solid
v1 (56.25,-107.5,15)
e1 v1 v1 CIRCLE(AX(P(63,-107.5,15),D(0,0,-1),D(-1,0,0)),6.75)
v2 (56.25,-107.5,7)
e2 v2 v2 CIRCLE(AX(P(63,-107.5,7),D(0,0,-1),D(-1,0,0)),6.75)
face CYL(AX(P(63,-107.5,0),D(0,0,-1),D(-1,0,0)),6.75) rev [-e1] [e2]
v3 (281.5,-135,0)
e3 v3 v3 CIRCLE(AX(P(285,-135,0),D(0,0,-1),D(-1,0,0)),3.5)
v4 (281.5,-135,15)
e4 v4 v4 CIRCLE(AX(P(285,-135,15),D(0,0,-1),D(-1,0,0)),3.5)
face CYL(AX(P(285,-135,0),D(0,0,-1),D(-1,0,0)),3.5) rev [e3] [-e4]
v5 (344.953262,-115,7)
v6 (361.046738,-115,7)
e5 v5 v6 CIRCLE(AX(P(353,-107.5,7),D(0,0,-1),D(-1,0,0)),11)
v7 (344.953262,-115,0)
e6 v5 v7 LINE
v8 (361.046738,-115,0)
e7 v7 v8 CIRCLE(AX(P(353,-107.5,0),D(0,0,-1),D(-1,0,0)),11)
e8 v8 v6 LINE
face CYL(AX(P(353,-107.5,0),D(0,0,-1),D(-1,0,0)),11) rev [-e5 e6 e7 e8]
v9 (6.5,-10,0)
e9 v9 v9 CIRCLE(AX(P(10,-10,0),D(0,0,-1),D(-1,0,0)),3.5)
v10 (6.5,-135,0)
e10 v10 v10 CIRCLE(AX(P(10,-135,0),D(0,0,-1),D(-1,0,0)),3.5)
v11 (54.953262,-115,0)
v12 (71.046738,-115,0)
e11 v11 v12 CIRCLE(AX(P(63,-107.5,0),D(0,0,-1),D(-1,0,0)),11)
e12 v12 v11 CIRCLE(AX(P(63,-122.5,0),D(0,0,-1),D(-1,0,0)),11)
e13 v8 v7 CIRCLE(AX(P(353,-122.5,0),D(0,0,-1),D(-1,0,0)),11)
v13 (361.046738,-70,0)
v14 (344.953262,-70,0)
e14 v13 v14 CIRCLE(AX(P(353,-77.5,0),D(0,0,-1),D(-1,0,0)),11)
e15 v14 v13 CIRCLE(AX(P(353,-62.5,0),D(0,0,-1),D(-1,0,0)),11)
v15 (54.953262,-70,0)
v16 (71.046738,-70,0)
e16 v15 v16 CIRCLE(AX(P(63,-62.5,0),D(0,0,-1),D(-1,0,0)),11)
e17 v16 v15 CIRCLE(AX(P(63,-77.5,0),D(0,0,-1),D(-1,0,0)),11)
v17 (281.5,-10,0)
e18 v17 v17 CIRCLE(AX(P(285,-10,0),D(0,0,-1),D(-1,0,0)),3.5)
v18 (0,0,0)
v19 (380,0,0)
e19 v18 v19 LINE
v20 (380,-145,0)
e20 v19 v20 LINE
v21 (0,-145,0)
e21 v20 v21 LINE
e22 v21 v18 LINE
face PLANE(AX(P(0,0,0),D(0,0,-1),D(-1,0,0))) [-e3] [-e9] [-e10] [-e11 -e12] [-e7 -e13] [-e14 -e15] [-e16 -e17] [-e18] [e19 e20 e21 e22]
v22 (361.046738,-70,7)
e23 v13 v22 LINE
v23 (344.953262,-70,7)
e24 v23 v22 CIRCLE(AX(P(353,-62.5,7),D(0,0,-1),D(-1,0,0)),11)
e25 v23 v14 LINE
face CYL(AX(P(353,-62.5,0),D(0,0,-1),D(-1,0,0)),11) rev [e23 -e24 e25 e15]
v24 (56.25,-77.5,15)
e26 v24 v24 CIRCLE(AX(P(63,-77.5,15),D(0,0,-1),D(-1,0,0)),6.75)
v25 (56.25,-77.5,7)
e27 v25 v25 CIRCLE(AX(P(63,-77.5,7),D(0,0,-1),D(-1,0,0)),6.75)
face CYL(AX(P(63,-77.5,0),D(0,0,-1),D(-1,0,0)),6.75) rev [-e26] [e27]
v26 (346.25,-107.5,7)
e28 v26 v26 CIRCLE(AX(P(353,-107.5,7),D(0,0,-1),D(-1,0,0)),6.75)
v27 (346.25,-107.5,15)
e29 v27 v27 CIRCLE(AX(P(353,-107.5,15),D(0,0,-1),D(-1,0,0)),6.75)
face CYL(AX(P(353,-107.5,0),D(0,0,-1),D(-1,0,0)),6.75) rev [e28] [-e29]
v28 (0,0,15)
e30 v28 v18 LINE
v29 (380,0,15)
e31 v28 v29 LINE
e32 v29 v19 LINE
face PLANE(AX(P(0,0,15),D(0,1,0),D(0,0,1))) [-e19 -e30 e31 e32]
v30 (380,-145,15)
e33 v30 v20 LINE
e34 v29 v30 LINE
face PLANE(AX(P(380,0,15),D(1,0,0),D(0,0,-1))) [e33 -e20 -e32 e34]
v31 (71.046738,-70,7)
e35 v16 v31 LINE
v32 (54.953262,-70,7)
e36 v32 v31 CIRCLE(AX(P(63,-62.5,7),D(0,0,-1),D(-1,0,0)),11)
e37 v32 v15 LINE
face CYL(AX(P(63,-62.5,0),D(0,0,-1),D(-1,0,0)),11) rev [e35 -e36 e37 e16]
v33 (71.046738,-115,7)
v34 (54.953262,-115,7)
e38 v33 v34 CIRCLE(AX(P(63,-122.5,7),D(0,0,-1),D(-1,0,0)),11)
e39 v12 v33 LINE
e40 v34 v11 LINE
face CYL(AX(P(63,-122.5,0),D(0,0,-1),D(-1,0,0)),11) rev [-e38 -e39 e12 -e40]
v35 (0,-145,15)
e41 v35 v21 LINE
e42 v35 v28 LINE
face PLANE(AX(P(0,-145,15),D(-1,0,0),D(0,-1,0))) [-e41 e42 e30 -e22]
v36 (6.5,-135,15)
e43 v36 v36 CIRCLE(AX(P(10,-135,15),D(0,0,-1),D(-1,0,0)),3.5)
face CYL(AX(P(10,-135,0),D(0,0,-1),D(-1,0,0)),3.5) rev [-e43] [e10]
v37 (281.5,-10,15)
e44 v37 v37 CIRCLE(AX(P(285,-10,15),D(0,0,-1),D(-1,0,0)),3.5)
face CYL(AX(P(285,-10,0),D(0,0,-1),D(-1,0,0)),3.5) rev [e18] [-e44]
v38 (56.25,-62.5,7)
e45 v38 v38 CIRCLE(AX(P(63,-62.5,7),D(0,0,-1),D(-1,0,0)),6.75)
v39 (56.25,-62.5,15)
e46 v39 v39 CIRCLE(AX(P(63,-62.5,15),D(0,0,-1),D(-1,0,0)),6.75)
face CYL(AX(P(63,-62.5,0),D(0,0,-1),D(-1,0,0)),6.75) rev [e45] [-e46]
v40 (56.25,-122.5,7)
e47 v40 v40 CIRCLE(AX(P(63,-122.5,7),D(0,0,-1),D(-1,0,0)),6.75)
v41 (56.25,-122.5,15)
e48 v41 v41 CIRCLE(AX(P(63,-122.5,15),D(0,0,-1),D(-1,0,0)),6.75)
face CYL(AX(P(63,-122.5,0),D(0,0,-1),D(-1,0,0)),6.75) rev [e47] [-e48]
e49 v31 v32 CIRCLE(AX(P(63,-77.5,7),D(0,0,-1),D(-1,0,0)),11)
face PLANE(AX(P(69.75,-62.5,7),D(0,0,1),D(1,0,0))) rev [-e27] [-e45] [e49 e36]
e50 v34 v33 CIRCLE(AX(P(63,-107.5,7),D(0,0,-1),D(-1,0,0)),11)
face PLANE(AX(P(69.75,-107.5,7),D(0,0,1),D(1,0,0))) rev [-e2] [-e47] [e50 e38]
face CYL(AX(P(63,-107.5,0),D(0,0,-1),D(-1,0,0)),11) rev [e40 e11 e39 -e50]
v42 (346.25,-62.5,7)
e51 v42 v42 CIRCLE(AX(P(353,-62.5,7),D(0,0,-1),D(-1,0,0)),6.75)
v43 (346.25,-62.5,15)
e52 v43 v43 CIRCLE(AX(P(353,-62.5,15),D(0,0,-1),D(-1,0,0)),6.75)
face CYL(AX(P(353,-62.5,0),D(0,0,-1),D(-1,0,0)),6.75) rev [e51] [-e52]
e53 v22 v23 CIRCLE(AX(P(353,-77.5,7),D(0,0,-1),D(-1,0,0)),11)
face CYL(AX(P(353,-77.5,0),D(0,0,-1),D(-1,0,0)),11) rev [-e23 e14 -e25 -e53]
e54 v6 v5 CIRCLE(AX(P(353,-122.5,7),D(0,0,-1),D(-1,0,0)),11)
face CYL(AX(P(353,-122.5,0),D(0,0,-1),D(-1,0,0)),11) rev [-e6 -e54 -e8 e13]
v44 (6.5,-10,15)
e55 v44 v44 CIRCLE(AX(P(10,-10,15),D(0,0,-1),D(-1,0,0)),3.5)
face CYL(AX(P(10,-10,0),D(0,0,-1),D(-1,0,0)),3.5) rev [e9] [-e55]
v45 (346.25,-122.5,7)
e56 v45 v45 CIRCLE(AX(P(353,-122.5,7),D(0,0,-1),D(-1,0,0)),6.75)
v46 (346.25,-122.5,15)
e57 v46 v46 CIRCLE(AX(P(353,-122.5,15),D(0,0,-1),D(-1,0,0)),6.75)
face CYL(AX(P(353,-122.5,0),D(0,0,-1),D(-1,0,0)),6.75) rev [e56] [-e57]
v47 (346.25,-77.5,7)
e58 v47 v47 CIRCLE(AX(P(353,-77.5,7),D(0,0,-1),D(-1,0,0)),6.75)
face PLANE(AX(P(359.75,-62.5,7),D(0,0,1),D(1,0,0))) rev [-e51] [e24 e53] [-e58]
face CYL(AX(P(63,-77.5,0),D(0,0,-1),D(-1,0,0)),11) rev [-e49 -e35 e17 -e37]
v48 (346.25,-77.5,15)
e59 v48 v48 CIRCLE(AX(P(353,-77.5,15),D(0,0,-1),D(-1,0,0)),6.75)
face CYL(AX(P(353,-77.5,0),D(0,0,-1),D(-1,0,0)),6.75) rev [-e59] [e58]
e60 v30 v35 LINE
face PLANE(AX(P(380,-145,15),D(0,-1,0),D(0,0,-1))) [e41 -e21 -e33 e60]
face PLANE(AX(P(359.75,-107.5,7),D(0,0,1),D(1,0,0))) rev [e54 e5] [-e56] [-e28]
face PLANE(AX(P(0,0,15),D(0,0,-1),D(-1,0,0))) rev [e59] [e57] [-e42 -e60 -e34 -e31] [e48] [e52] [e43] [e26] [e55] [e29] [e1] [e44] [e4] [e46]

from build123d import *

# Parameters (mm, degrees)
SKIZZE1_W                                            = 380
SKIZZE1_H                                            = 145
AUFSATZ_LINEAR_AUSTRAGEN1_DEPTH                      = 15
F_7_0_7_DURCHMESSER_BOHRUNG1_D                       = 7
STIRNSENKUNG_F_R_M12_SECHSKANTSCHRAUBE_M_D           = 13.5
STIRNSENKUNG_F_R_M12_SECHSKANTSCHRAUBE_M_CBORE_D     = 22
STIRNSENKUNG_F_R_M12_SECHSKANTSCHRAUBE_M_CBORE_DEPTH = 7
LINEARES_MUSTER1_COUNT                               = 2
LINEARES_MUSTER1_PITCH                               = 15


with BuildPart() as part:
    # Skizze1 → Aufsatz-Linear austragen1 (new body)
    with BuildSketch(Plane(origin=(0, 0, 0), x_dir=(-1, 0, 0), z_dir=(0, 0, -1))):
        with Locations((-190, -72.5)):
            Rectangle(SKIZZE1_W, SKIZZE1_H)
    extrude(amount=-AUFSATZ_LINEAR_AUSTRAGEN1_DEPTH)

    # Ø7.0 (7) Durchmesser Bohrung1 (through all)
    with Locations(Plane(origin=(0, 0, 0), x_dir=(-1, 0, 0), z_dir=(0, 0, -1))):
        with Locations((-10, -135), (-10, -10), (-285, -10), (-285, -135)):
            Hole(F_7_0_7_DURCHMESSER_BOHRUNG1_D / 2)

    # Stirnsenkung für M12 Sechskantschraube mit Schaft1 (through all)
    with Locations(Plane(origin=(0, 0, 0), x_dir=(-1, 0, 0), z_dir=(0, 0, -1))):
        with Locations((-63, -62.5), (-63, -107.5), (-353, -107.5), (-353, -62.5)):
            stirnsenkung_f_r_m12_sechskantschraube_m = CounterBoreHole(STIRNSENKUNG_F_R_M12_SECHSKANTSCHRAUBE_M_D / 2, STIRNSENKUNG_F_R_M12_SECHSKANTSCHRAUBE_M_CBORE_D / 2, STIRNSENKUNG_F_R_M12_SECHSKANTSCHRAUBE_M_CBORE_DEPTH)

    # Lineares Muster1: Stirnsenkung für M12 Sechskantschraube mit Schaft1 ×2
    with Locations(*[(0, -i * LINEARES_MUSTER1_PITCH, 0) for i in range(1, LINEARES_MUSTER1_COUNT)]):
        add(stirnsenkung_f_r_m12_sechskantschraube_m, mode=Mode.SUBTRACT)


solid = part.part
